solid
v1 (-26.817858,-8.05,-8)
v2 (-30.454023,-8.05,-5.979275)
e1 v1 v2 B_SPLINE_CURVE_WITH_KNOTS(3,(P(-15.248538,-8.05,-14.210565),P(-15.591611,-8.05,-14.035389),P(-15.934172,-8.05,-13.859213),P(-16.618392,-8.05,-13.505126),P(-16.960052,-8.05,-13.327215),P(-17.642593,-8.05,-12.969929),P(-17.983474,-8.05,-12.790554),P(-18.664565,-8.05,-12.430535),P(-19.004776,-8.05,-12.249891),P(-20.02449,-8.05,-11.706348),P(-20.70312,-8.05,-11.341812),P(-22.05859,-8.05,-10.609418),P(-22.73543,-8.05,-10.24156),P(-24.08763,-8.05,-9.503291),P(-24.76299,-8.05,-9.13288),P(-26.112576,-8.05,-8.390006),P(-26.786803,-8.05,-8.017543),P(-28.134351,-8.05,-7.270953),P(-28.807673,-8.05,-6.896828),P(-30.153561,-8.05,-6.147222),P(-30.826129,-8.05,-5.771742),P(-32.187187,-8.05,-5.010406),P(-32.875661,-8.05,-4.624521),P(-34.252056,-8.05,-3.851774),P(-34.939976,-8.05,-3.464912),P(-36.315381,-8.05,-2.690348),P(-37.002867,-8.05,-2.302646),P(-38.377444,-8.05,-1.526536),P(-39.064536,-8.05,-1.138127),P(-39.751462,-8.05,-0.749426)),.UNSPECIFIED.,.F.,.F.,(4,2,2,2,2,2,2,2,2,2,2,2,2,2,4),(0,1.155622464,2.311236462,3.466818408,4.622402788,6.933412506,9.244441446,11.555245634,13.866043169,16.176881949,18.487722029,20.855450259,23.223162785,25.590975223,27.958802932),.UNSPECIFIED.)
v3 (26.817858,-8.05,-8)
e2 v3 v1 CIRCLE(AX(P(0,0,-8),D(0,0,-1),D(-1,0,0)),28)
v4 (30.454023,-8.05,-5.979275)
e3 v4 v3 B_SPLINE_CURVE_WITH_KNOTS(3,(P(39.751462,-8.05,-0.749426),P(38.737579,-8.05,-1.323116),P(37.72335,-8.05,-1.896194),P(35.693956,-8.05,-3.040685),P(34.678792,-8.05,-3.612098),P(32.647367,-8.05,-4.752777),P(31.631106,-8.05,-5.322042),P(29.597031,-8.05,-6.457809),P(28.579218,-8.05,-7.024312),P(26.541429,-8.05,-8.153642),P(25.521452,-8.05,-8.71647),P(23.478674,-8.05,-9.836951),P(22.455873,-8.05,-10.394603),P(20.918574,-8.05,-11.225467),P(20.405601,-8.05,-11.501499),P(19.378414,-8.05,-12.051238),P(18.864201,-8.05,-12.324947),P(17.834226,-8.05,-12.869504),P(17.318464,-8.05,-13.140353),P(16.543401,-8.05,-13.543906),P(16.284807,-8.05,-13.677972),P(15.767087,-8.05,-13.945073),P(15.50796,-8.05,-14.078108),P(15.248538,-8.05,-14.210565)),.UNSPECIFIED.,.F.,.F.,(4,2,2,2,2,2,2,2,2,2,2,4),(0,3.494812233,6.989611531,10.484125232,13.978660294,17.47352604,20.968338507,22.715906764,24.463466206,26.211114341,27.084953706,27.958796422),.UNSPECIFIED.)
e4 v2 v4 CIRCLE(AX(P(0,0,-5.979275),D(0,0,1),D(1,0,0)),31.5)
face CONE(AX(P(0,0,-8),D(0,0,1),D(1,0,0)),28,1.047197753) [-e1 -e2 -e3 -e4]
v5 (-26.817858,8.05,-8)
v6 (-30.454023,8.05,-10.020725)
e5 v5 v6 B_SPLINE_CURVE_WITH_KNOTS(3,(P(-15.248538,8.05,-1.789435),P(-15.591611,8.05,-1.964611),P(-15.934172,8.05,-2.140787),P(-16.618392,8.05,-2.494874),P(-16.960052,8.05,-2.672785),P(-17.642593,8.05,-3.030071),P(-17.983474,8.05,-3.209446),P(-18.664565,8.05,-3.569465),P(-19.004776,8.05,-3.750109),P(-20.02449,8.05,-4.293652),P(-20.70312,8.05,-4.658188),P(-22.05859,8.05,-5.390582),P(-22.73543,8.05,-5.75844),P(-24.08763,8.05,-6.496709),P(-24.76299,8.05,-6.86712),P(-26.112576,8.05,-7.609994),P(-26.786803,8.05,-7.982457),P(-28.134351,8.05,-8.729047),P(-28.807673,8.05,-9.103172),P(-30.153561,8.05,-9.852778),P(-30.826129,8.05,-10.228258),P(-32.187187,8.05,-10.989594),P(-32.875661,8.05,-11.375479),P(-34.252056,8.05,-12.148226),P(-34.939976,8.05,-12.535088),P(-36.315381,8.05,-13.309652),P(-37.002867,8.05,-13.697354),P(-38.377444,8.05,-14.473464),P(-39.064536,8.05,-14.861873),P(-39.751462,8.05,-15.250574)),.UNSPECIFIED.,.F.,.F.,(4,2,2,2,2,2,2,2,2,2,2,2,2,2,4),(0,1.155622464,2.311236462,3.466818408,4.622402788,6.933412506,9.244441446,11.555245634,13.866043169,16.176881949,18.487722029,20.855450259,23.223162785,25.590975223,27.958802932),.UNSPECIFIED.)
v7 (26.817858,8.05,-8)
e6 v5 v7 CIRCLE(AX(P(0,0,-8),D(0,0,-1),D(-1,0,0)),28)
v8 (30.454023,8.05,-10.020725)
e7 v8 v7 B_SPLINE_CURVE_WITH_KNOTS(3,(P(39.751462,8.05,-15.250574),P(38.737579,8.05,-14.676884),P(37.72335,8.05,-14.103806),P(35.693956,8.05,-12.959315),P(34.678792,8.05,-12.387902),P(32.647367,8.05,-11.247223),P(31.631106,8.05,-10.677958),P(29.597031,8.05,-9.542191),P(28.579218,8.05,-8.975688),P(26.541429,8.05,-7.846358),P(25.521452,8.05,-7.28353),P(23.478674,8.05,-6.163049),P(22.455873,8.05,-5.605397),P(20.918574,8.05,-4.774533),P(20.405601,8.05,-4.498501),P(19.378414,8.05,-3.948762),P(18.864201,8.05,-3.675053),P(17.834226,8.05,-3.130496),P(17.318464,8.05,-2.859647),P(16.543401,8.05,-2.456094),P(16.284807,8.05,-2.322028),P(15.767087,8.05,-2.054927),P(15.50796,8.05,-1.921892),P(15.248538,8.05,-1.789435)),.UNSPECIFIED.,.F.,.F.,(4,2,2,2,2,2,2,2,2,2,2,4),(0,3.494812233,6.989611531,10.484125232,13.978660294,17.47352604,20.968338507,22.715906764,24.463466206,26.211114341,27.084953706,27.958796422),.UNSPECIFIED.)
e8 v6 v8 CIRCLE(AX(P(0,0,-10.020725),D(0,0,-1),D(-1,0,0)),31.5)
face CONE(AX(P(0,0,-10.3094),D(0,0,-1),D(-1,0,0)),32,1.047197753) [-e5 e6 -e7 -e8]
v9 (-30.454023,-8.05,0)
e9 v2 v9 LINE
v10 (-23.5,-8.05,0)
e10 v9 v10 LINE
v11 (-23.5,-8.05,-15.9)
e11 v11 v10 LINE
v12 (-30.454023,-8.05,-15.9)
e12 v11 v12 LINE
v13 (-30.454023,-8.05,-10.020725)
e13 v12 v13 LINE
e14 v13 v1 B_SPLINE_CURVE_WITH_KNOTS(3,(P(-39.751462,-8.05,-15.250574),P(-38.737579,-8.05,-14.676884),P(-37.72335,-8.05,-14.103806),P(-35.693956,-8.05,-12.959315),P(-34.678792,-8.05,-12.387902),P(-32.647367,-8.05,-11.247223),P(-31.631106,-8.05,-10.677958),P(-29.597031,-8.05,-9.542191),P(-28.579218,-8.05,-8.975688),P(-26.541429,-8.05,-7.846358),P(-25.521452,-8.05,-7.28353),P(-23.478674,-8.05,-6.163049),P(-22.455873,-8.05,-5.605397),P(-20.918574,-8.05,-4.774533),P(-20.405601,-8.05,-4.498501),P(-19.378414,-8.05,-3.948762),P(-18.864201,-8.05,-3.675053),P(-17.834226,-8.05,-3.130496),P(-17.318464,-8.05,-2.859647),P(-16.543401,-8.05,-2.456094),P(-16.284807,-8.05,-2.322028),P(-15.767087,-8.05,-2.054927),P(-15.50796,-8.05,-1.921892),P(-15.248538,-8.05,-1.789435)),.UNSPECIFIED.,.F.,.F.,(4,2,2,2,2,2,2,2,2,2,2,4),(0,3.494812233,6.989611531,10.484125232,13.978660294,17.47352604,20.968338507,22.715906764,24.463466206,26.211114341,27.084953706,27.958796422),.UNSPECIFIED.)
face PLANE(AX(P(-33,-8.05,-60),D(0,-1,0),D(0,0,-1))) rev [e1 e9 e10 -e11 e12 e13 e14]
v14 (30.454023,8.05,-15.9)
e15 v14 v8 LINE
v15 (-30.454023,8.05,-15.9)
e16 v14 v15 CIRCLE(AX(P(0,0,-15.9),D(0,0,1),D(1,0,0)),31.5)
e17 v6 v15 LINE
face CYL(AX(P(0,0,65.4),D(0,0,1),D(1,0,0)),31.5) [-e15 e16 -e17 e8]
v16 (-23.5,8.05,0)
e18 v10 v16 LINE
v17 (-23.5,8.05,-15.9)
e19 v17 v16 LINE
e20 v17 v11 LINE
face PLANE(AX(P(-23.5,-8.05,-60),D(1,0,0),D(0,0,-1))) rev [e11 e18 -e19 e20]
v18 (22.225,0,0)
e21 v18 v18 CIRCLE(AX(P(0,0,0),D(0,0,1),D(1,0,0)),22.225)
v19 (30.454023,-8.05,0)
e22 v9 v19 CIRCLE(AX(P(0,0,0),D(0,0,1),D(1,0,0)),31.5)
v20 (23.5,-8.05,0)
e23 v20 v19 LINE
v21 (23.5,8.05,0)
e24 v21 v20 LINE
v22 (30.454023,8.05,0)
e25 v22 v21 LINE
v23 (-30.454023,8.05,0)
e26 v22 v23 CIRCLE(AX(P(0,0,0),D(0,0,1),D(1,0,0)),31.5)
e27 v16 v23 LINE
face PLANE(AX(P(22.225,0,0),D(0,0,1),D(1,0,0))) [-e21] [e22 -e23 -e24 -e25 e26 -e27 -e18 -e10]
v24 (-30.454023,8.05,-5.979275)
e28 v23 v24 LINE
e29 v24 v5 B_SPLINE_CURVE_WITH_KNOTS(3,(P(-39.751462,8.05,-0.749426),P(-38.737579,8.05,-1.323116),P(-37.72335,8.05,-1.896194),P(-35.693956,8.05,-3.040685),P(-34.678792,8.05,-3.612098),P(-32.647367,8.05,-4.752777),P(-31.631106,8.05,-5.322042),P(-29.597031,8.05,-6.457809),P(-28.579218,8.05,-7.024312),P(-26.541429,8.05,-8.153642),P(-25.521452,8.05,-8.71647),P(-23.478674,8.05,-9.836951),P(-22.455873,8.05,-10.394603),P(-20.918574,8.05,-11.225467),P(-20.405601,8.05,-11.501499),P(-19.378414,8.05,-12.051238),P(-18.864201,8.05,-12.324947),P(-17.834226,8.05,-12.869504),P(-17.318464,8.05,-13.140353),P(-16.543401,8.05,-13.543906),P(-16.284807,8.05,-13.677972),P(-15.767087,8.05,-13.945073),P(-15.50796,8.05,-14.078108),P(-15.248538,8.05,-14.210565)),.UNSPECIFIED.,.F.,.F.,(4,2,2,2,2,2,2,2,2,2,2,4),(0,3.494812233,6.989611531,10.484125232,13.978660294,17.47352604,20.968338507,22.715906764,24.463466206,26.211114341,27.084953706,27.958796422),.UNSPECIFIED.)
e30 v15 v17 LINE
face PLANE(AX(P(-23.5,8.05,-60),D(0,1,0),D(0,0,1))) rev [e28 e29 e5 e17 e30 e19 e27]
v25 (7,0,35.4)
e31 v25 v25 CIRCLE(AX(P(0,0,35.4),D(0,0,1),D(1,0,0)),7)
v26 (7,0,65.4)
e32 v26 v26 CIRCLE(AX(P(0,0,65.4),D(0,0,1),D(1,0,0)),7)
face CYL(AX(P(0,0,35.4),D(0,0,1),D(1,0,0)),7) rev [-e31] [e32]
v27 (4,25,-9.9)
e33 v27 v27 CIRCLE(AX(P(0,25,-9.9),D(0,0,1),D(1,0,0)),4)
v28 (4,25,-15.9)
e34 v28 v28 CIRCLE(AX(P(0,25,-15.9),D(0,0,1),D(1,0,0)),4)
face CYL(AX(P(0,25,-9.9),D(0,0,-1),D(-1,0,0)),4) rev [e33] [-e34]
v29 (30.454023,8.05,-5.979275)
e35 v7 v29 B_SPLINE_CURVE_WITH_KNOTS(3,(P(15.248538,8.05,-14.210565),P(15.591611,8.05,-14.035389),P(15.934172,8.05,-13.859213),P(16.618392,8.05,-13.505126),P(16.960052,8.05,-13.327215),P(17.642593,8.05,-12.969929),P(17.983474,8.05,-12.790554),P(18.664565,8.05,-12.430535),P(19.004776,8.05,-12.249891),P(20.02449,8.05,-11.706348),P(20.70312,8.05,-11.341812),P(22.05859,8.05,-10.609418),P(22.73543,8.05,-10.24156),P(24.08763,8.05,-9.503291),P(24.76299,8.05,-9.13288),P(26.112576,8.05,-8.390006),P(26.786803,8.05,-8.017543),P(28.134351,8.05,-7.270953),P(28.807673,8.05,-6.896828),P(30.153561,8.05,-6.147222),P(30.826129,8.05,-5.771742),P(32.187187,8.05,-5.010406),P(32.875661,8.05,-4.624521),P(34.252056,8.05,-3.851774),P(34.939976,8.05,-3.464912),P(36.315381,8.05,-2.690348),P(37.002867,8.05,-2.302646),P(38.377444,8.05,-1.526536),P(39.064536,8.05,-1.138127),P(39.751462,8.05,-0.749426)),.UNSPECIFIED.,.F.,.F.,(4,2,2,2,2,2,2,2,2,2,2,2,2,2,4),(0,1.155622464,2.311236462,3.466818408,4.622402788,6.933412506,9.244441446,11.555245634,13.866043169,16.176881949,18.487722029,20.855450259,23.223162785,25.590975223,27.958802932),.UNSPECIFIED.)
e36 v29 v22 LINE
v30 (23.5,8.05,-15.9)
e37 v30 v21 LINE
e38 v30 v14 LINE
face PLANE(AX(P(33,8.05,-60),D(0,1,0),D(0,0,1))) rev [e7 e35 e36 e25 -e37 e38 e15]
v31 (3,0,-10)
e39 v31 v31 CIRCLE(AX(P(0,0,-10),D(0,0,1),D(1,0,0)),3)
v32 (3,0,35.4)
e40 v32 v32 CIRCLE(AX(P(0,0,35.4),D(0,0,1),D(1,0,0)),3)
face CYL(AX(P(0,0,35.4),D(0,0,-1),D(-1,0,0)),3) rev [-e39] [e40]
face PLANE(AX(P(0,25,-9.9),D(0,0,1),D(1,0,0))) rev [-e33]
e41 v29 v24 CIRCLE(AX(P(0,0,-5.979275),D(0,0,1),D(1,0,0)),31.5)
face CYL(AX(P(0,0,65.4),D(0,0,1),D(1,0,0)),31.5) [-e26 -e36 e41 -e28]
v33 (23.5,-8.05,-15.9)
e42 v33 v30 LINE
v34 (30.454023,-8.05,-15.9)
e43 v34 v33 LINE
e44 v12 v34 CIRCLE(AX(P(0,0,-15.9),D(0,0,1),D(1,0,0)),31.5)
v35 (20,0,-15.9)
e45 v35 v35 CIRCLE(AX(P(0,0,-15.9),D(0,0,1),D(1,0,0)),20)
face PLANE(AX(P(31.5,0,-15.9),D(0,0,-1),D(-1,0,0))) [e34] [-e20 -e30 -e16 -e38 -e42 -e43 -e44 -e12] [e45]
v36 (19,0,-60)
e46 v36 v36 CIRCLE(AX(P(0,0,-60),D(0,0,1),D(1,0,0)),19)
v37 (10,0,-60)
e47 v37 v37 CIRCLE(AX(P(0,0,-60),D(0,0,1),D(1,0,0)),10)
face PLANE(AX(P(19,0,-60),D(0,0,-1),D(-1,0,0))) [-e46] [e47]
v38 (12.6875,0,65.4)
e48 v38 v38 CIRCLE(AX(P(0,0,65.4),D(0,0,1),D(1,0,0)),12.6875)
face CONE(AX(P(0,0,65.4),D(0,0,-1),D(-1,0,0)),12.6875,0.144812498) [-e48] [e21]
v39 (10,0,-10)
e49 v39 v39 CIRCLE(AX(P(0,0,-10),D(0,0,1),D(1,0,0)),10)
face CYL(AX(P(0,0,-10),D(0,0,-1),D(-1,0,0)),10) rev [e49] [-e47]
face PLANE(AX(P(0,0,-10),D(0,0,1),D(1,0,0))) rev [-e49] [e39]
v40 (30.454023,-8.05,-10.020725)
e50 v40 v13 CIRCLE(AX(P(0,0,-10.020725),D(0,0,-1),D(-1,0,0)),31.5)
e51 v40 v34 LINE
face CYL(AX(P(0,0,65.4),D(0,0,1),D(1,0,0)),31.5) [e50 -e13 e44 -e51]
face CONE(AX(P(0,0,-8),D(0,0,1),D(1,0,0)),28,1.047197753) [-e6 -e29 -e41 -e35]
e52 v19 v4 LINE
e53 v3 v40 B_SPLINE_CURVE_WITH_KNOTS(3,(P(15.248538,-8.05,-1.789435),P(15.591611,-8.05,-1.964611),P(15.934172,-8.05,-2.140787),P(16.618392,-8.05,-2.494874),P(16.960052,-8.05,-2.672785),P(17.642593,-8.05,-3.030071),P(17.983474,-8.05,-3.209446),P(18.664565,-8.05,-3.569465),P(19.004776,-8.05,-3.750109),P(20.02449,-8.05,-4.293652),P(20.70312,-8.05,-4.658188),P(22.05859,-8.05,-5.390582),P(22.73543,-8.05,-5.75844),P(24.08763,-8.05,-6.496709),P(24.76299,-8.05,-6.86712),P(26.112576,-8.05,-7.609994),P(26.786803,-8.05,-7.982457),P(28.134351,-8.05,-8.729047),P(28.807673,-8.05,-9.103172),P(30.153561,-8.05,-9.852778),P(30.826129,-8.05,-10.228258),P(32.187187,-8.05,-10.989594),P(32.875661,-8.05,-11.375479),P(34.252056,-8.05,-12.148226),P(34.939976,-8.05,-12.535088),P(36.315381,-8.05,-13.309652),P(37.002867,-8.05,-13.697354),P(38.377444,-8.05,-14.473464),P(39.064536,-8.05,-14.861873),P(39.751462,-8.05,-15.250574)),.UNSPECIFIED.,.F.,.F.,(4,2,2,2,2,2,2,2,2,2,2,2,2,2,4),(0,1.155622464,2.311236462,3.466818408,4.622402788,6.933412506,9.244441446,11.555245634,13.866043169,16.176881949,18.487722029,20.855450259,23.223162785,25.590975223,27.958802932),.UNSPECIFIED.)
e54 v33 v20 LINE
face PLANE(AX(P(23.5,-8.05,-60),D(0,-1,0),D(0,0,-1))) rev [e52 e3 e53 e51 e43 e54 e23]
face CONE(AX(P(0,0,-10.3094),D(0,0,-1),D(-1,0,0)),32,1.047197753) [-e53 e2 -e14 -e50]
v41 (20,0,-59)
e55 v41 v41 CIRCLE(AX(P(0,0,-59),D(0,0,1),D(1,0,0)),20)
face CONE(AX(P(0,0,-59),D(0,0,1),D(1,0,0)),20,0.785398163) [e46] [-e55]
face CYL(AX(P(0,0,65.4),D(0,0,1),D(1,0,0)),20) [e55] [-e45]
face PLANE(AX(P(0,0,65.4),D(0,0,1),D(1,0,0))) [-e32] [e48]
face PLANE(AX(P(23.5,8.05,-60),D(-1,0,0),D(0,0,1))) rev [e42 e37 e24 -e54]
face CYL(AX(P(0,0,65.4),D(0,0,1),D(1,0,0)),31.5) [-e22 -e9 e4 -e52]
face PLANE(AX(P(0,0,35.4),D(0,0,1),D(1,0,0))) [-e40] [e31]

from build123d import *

# Parameters (mm, degrees)
SKETCH_3_W          = 9.5
SKETCH_3_H          = 16.1
CUT_EXTRUDE_1_DEPTH = 80.130651457
SKETCH_4_R          = 4
CUT_EXTRUDE_2_DEPTH = 6
SKETCH_5_R          = 10
CUT_EXTRUDE_3_DEPTH = 50
SKETCH_6_R          = 7
CUT_EXTRUDE_4_DEPTH = 30
SKETCH_7_R          = 3
CUT_EXTRUDE_5_DEPTH = 45.4


with BuildPart() as part:
    # 草图1 → 旋转1 (revolve)
    with BuildSketch(Plane(origin=(0, 0, 0), x_dir=(1, 0, 0), z_dir=(0, 1, 0))):
        Polygon((0, -65.4), (12.6875, -65.4), (22.225, 0), (31.5, 0), (31.5, 15.9), (20, 15.9), (20, 59), (19, 60), (0, 60), align=None)
    revolve(axis=Axis((0, 0, 65.4), (0, 0, -1)))

    # 草图2 → 切除-旋转1 (revolve, cut)
    with BuildSketch(Plane(origin=(0, 0, 0), x_dir=(1, 0, 0), z_dir=(0, 1, 0))):
        Polygon((28, 8), (32, 5.6906), (32, 10.3094), align=None)
    revolve(axis=Axis((0, 0, 0), (0, 0, 1)), mode=Mode.SUBTRACT)

    # 草图3 → 切除-拉伸1 (cut, through all)
    with BuildSketch(Plane.XY):
        with Locations((28.25, 0)):
            Rectangle(SKETCH_3_W, SKETCH_3_H)
        with Locations((-28.25, 0)):
            Rectangle(SKETCH_3_W, SKETCH_3_H)
    extrude(amount=-CUT_EXTRUDE_1_DEPTH, mode=Mode.SUBTRACT)

    # 草图4 → 切除-拉伸2 (cut)
    with BuildSketch(Plane.XY.offset(-15.9)):
        with Locations((0, 25)):
            Circle(SKETCH_4_R)
    extrude(amount=CUT_EXTRUDE_2_DEPTH, mode=Mode.SUBTRACT)

    # 草图5 → 切除-拉伸3 (cut)
    with BuildSketch(Plane.XY.offset(-60)):
        Circle(SKETCH_5_R)
    extrude(amount=CUT_EXTRUDE_3_DEPTH, mode=Mode.SUBTRACT)

    # 草图6 → 切除-拉伸4 (cut)
    with BuildSketch(Plane.XY.offset(65.4)):
        Circle(SKETCH_6_R)
    extrude(amount=-CUT_EXTRUDE_4_DEPTH, mode=Mode.SUBTRACT)

    # 草图7 → 切除-拉伸5 (cut)
    with BuildSketch(Plane.XY.offset(-10)):
        Circle(SKETCH_7_R)
    extrude(amount=CUT_EXTRUDE_5_DEPTH, mode=Mode.SUBTRACT)


solid = part.part
